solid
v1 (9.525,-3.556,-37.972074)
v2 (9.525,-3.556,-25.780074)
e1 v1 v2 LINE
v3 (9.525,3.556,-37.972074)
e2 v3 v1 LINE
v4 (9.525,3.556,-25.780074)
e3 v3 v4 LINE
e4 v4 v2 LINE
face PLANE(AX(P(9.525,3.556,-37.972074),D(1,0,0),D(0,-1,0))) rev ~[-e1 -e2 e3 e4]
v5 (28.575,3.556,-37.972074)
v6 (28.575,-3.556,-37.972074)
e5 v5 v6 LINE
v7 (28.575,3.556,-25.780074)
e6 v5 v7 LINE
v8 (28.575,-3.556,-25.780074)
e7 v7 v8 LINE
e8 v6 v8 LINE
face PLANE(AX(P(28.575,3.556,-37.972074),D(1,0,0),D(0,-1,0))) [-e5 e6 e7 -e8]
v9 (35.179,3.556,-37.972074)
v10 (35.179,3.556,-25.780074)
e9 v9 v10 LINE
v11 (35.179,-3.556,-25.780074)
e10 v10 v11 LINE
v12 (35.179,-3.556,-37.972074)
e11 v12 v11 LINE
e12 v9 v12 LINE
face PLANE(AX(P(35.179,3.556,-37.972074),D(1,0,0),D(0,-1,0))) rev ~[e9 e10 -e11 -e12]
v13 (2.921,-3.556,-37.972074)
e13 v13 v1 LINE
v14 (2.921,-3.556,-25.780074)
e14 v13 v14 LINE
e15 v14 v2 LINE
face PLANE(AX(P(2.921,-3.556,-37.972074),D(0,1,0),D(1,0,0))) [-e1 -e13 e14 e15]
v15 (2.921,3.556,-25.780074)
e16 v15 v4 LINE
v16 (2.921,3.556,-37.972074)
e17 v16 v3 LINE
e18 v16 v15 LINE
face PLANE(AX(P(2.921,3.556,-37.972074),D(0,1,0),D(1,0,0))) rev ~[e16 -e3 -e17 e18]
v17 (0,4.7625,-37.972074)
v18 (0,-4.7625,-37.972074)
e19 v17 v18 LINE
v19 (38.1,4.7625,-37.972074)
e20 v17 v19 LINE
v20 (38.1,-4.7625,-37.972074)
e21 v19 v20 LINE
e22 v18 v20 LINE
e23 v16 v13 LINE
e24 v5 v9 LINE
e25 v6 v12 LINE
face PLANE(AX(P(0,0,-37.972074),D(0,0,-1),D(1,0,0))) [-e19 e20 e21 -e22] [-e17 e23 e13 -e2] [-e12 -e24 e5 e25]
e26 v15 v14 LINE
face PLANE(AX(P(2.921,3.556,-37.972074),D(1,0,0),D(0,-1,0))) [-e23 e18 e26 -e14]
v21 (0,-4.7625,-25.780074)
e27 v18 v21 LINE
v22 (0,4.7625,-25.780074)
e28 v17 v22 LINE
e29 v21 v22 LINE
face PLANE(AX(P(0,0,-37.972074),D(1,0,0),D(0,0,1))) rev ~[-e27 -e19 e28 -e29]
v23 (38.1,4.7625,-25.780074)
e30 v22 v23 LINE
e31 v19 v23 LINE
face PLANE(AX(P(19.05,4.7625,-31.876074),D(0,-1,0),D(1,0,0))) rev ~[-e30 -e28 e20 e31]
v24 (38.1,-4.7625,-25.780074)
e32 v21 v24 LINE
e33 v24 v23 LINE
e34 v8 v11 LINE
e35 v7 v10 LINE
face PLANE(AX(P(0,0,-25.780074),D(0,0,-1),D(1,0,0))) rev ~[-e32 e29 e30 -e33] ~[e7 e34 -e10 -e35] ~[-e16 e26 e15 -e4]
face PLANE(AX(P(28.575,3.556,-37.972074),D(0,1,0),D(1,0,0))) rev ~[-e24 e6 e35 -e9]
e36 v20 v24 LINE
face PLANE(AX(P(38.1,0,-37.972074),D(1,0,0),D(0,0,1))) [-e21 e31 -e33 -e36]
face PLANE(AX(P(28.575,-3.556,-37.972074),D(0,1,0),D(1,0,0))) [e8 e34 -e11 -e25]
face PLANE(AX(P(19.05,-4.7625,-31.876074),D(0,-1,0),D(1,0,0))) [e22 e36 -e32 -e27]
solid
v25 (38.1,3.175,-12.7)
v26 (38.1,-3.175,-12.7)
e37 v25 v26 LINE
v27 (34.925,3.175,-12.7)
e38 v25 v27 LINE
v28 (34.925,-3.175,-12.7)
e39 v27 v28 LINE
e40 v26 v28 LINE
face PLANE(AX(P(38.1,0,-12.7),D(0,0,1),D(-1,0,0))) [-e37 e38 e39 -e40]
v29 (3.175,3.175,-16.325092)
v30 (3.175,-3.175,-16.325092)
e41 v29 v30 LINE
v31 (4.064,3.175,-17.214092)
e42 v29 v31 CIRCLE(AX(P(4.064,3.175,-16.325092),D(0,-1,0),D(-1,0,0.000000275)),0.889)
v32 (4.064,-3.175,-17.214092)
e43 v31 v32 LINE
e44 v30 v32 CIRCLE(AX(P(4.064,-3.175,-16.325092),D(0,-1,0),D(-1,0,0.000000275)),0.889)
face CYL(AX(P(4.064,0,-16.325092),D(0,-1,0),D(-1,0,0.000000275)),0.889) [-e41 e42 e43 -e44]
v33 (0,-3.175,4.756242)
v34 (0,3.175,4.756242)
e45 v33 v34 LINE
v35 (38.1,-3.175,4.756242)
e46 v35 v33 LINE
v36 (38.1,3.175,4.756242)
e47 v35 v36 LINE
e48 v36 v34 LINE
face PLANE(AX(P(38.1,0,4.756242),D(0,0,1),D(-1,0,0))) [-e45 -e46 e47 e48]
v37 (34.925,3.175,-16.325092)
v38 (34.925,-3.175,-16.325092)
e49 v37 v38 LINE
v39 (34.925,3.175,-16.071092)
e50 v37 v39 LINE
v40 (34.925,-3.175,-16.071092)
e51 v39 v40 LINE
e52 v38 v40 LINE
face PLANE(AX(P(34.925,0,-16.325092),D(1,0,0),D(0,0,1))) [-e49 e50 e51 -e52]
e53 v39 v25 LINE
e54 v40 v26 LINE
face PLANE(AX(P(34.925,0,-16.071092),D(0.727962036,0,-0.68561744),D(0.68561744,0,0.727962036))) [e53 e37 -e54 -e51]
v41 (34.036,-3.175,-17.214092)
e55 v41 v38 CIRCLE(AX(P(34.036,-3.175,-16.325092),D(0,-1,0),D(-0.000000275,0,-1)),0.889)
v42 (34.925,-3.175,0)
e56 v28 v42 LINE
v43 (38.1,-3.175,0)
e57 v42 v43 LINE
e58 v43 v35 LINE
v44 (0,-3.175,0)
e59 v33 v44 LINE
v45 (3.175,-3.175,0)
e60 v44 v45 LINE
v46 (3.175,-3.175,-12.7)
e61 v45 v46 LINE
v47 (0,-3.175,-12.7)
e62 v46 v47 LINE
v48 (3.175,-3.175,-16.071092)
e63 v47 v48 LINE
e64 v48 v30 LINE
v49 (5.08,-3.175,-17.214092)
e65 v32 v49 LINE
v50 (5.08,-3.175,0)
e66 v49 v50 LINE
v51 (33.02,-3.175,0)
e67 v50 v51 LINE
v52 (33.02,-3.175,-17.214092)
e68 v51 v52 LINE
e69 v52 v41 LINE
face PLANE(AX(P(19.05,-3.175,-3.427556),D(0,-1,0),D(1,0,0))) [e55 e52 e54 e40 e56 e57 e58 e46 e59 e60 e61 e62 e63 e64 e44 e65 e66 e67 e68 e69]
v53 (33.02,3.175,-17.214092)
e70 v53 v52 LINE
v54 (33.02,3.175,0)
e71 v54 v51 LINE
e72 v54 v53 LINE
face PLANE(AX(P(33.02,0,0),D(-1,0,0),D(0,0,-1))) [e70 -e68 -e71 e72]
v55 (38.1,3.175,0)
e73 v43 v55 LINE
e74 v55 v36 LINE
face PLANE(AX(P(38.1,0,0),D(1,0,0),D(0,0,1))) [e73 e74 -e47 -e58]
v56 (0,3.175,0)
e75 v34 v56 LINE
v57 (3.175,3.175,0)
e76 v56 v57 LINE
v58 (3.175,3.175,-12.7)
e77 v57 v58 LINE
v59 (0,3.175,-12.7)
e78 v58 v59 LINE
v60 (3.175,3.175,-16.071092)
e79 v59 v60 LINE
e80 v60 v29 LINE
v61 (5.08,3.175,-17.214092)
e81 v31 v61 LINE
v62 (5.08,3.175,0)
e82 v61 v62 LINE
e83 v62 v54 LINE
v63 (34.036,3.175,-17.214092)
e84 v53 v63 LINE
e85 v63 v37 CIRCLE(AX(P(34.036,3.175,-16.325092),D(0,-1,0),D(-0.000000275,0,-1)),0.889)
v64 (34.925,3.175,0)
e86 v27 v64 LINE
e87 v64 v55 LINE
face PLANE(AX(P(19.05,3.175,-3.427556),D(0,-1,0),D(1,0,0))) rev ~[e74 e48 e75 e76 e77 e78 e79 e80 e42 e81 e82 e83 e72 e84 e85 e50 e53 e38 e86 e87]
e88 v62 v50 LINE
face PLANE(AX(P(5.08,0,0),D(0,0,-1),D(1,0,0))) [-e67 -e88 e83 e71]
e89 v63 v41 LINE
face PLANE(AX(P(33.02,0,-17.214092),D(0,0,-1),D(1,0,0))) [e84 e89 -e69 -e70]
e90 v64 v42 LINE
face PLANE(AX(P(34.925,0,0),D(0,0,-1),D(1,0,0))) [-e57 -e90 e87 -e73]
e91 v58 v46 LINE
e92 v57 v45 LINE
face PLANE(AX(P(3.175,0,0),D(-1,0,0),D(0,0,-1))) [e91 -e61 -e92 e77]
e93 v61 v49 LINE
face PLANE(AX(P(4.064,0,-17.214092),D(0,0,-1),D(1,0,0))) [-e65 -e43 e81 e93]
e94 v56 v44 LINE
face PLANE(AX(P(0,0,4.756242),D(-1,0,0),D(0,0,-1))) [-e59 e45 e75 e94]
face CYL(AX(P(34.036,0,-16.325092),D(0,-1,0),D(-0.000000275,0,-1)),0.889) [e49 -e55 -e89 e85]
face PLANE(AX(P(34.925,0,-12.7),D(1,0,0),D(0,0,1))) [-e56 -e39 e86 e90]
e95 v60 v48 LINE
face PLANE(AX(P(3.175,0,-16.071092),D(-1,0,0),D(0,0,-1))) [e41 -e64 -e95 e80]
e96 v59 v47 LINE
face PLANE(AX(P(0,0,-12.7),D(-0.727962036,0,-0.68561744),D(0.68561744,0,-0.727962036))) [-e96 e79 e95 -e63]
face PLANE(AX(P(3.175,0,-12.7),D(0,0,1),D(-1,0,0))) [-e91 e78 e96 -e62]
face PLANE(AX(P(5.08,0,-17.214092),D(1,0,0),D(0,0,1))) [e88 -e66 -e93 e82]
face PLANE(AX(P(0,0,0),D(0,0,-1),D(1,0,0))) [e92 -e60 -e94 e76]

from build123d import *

# Parameters (mm, degrees)
F1_DEPTH = 3.175
F0_W     = 38.1
F0_H     = 12.192
F2_DEPTH = 4.7625
F3_W     = 6.604
F3_H     = 7.112
F4_DEPTH = 12.954


with BuildPart() as f1:
    # F0 (on Front) → F1 (new body, symmetric)
    with BuildSketch(Plane.XZ):
        with BuildLine():
            Line((0, 4.756242), (0, 0))
            Line((0, 0), (3.175, 0))
            Line((3.175, 0), (3.175, -12.7))
            Line((3.175, -12.7), (0, -12.7))
            Line((0, -12.7), (3.175, -16.071092))
            Line((3.175, -16.071092), (3.175, -16.325092))
            ThreePointArc((3.175, -16.325092), (3.435382, -16.95371), (4.064, -17.214092))
            Line((4.064, -17.214092), (5.08, -17.214092))
            Line((5.08, -17.214092), (5.08, 0))
            Line((5.08, 0), (33.02, 0))
            Line((33.02, 0), (33.02, -17.214092))
            Line((33.02, -17.214092), (34.036, -17.214092))
            ThreePointArc((34.036, -17.214092), (34.664618, -16.95371), (34.925, -16.325092))
            Line((34.925, -16.325092), (34.925, -16.071092))
            Line((34.925, -16.071092), (38.1, -12.7))
            Line((38.1, -12.7), (34.925, -12.7))
            Line((34.925, -12.7), (34.925, 0))
            Line((34.925, 0), (38.1, 0))
            Line((38.1, 0), (38.1, 4.756242))
            Line((38.1, 4.756242), (0, 4.756242))
        make_face()
    extrude(amount=F1_DEPTH, both=True)


with BuildPart() as f2:
    # F0 (on Front) → F2 (new body, symmetric)
    with BuildSketch(Plane.XZ):
        with Locations((19.05, -31.876074)):
            Rectangle(F0_W, F0_H)
    extrude(amount=F2_DEPTH, both=True)

    # F3 (on face) → F4 (cut)
    with BuildSketch(Plane(origin=(0, 0, -37.972074), x_dir=(1, 0, 0), z_dir=(0, 0, -1))):
        with Locations((6.223, 0)):
            Rectangle(F3_W, F3_H)
        with Locations((31.877, 0)):
            Rectangle(F3_W, F3_H)
    extrude(amount=-F4_DEPTH, mode=Mode.SUBTRACT)


solid = Compound([f1.part, f2.part])
